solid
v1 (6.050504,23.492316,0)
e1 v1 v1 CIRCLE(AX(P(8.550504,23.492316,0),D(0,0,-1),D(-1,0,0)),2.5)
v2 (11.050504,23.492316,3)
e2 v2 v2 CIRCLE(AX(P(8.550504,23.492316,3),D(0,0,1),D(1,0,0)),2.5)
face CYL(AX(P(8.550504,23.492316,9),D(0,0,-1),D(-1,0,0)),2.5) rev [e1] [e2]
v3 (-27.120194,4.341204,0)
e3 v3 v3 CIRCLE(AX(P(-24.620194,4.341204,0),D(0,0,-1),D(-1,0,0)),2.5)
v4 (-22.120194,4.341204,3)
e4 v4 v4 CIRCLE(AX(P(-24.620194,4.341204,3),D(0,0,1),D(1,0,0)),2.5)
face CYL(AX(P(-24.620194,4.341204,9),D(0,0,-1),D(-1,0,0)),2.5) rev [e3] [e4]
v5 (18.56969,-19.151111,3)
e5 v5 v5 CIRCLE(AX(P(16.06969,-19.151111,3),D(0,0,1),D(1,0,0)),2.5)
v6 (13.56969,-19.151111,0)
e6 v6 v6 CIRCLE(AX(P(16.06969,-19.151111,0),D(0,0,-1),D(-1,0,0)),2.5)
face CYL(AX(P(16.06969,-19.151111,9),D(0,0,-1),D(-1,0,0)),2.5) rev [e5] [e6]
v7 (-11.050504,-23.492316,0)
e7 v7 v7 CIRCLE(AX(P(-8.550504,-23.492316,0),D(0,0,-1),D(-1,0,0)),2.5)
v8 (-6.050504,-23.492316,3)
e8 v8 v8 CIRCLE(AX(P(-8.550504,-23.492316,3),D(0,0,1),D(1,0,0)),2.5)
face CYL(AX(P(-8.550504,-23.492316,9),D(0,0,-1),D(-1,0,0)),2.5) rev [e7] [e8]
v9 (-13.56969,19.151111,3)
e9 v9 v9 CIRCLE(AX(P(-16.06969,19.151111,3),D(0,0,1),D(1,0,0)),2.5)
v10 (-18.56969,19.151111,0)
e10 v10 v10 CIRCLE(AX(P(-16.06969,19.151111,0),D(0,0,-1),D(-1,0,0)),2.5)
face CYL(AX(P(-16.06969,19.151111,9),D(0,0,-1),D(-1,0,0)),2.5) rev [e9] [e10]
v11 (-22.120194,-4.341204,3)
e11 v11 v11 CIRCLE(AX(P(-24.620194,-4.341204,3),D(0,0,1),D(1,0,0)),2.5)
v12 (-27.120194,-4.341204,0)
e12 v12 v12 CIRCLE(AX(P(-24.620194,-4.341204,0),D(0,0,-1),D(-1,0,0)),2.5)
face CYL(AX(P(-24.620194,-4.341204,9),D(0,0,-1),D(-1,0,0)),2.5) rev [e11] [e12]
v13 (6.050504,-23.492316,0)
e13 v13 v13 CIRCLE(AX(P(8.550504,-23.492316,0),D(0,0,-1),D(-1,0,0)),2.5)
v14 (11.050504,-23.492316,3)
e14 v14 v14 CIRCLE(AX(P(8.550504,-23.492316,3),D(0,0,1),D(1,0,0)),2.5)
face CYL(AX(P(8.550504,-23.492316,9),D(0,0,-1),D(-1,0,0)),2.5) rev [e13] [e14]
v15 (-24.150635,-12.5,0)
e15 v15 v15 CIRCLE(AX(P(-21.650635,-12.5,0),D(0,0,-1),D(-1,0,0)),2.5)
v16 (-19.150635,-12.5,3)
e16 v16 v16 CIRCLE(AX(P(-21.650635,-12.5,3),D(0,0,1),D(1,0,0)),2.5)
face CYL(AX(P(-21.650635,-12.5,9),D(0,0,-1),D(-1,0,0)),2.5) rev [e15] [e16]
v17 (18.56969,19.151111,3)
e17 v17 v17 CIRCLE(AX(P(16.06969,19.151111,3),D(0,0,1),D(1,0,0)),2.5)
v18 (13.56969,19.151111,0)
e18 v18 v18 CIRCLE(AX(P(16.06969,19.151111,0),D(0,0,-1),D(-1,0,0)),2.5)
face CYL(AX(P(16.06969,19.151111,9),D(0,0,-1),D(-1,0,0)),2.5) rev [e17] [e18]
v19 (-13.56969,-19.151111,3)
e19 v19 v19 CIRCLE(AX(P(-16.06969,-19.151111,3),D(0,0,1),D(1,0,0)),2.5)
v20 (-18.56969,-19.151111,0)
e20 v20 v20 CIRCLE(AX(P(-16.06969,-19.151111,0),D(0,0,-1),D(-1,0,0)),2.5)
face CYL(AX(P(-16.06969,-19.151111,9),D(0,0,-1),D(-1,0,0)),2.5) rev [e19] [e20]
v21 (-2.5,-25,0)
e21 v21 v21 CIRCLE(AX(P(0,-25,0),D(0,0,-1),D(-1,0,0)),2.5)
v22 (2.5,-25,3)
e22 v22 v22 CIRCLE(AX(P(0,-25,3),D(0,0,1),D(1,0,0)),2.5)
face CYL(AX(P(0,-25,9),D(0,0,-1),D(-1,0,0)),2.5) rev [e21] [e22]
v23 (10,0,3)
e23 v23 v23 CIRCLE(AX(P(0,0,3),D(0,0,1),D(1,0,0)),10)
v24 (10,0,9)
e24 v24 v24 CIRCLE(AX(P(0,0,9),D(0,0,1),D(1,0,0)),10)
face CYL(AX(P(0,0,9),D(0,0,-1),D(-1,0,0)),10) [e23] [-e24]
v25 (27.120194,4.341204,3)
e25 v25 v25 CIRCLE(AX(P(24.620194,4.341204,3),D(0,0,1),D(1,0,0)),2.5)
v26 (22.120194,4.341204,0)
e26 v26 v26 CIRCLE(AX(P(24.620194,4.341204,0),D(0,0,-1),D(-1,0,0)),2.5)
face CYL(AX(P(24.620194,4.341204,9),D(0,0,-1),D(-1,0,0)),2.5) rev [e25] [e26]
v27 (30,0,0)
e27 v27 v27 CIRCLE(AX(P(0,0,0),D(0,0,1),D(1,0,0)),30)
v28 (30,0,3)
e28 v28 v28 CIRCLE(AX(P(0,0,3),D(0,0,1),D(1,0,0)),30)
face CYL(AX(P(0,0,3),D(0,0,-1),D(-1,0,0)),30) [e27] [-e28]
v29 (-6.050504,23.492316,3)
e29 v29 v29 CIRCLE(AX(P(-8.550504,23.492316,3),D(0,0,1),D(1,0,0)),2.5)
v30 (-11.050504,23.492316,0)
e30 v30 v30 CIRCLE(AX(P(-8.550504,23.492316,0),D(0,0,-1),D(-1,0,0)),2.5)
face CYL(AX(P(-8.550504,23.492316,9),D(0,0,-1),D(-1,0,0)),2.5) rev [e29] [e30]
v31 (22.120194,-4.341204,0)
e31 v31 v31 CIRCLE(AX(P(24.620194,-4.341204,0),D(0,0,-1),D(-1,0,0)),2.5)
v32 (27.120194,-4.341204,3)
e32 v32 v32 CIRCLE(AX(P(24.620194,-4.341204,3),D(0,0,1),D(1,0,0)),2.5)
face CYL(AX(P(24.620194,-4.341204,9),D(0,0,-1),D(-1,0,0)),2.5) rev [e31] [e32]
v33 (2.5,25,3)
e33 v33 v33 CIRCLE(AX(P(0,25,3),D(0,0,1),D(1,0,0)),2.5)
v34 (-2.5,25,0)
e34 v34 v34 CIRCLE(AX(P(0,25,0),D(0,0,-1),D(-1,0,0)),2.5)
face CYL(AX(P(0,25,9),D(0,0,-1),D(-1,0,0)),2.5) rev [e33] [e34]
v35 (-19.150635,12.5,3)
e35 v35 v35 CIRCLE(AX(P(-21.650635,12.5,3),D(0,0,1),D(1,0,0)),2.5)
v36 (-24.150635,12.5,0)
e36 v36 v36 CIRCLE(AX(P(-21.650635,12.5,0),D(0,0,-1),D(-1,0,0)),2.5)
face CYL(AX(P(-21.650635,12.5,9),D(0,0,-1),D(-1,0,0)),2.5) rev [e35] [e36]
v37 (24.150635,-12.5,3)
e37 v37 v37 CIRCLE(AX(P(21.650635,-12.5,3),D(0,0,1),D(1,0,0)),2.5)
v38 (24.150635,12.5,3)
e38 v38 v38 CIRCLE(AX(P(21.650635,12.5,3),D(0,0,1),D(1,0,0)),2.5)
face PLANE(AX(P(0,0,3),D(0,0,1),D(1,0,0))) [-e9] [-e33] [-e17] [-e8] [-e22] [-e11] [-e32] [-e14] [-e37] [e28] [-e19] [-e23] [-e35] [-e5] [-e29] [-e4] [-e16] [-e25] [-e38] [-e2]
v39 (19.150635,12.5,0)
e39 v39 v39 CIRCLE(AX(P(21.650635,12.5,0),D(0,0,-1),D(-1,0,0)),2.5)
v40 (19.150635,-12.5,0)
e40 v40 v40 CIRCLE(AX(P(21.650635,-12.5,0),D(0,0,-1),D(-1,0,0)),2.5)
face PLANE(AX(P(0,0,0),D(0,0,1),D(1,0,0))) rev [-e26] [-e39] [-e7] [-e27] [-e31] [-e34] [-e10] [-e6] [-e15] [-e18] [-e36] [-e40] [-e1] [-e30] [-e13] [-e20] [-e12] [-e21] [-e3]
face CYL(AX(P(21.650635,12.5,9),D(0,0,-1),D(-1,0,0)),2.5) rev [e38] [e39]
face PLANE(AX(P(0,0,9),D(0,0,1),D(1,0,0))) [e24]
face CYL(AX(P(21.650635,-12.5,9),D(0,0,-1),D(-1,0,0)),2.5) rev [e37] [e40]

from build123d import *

# Parameters (mm, degrees)
SKETCH1_R           = 30
BOSS_EXTRUDE1_DEPTH = 3
SKETCH2_R           = 10
BOSS_EXTRUDE2_DEPTH = 6
SKETCH3_R           = 2.5
CUT_EXTRUDE1_DEPTH  = 44.370496884


with BuildPart() as part:
    # Sketch1 → Boss-Extrude1 (new body)
    with BuildSketch(Plane.XY):
        Circle(SKETCH1_R)
    extrude(amount=BOSS_EXTRUDE1_DEPTH)

    # Sketch2 → Boss-Extrude2 (add)
    with BuildSketch(Plane.XY.offset(3)):
        Circle(SKETCH2_R)
    extrude(amount=BOSS_EXTRUDE2_DEPTH)

    # Sketch3 → Cut-Extrude1 (cut, through all)
    with BuildSketch(Plane(origin=(0, 0, 0), x_dir=(-1, 0, 0), z_dir=(0, 0, -1))):
        with Locations((0, 25)):
            Circle(SKETCH3_R)
        with Locations((8.550503583, 23.49231552)):
            Circle(SKETCH3_R)
        with Locations((16.069690242, 19.151111078)):
            Circle(SKETCH3_R)
        with Locations((21.650635095, 12.5)):
            Circle(SKETCH3_R)
        with Locations((24.620193825, 4.341204442)):
            Circle(SKETCH3_R)
        with Locations((24.620193825, -4.341204442)):
            Circle(SKETCH3_R)
        with Locations((21.650635095, -12.5)):
            Circle(SKETCH3_R)
        with Locations((16.069690242, -19.151111078)):
            Circle(SKETCH3_R)
        with Locations((8.550503583, -23.49231552)):
            Circle(SKETCH3_R)
        with Locations((0, -25)):
            Circle(SKETCH3_R)
        with Locations((-8.550503583, -23.49231552)):
            Circle(SKETCH3_R)
        with Locations((-16.069690242, -19.151111078)):
            Circle(SKETCH3_R)
        with Locations((-21.650635095, -12.5)):
            Circle(SKETCH3_R)
        with Locations((-24.620193825, -4.341204442)):
            Circle(SKETCH3_R)
        with Locations((-24.620193825, 4.341204442)):
            Circle(SKETCH3_R)
        with Locations((-21.650635095, 12.5)):
            Circle(SKETCH3_R)
        with Locations((-16.069690242, 19.151111078)):
            Circle(SKETCH3_R)
        with Locations((-8.550503583, 23.49231552)):
            Circle(SKETCH3_R)
    extrude(amount=-CUT_EXTRUDE1_DEPTH, mode=Mode.SUBTRACT)


solid = part.part
